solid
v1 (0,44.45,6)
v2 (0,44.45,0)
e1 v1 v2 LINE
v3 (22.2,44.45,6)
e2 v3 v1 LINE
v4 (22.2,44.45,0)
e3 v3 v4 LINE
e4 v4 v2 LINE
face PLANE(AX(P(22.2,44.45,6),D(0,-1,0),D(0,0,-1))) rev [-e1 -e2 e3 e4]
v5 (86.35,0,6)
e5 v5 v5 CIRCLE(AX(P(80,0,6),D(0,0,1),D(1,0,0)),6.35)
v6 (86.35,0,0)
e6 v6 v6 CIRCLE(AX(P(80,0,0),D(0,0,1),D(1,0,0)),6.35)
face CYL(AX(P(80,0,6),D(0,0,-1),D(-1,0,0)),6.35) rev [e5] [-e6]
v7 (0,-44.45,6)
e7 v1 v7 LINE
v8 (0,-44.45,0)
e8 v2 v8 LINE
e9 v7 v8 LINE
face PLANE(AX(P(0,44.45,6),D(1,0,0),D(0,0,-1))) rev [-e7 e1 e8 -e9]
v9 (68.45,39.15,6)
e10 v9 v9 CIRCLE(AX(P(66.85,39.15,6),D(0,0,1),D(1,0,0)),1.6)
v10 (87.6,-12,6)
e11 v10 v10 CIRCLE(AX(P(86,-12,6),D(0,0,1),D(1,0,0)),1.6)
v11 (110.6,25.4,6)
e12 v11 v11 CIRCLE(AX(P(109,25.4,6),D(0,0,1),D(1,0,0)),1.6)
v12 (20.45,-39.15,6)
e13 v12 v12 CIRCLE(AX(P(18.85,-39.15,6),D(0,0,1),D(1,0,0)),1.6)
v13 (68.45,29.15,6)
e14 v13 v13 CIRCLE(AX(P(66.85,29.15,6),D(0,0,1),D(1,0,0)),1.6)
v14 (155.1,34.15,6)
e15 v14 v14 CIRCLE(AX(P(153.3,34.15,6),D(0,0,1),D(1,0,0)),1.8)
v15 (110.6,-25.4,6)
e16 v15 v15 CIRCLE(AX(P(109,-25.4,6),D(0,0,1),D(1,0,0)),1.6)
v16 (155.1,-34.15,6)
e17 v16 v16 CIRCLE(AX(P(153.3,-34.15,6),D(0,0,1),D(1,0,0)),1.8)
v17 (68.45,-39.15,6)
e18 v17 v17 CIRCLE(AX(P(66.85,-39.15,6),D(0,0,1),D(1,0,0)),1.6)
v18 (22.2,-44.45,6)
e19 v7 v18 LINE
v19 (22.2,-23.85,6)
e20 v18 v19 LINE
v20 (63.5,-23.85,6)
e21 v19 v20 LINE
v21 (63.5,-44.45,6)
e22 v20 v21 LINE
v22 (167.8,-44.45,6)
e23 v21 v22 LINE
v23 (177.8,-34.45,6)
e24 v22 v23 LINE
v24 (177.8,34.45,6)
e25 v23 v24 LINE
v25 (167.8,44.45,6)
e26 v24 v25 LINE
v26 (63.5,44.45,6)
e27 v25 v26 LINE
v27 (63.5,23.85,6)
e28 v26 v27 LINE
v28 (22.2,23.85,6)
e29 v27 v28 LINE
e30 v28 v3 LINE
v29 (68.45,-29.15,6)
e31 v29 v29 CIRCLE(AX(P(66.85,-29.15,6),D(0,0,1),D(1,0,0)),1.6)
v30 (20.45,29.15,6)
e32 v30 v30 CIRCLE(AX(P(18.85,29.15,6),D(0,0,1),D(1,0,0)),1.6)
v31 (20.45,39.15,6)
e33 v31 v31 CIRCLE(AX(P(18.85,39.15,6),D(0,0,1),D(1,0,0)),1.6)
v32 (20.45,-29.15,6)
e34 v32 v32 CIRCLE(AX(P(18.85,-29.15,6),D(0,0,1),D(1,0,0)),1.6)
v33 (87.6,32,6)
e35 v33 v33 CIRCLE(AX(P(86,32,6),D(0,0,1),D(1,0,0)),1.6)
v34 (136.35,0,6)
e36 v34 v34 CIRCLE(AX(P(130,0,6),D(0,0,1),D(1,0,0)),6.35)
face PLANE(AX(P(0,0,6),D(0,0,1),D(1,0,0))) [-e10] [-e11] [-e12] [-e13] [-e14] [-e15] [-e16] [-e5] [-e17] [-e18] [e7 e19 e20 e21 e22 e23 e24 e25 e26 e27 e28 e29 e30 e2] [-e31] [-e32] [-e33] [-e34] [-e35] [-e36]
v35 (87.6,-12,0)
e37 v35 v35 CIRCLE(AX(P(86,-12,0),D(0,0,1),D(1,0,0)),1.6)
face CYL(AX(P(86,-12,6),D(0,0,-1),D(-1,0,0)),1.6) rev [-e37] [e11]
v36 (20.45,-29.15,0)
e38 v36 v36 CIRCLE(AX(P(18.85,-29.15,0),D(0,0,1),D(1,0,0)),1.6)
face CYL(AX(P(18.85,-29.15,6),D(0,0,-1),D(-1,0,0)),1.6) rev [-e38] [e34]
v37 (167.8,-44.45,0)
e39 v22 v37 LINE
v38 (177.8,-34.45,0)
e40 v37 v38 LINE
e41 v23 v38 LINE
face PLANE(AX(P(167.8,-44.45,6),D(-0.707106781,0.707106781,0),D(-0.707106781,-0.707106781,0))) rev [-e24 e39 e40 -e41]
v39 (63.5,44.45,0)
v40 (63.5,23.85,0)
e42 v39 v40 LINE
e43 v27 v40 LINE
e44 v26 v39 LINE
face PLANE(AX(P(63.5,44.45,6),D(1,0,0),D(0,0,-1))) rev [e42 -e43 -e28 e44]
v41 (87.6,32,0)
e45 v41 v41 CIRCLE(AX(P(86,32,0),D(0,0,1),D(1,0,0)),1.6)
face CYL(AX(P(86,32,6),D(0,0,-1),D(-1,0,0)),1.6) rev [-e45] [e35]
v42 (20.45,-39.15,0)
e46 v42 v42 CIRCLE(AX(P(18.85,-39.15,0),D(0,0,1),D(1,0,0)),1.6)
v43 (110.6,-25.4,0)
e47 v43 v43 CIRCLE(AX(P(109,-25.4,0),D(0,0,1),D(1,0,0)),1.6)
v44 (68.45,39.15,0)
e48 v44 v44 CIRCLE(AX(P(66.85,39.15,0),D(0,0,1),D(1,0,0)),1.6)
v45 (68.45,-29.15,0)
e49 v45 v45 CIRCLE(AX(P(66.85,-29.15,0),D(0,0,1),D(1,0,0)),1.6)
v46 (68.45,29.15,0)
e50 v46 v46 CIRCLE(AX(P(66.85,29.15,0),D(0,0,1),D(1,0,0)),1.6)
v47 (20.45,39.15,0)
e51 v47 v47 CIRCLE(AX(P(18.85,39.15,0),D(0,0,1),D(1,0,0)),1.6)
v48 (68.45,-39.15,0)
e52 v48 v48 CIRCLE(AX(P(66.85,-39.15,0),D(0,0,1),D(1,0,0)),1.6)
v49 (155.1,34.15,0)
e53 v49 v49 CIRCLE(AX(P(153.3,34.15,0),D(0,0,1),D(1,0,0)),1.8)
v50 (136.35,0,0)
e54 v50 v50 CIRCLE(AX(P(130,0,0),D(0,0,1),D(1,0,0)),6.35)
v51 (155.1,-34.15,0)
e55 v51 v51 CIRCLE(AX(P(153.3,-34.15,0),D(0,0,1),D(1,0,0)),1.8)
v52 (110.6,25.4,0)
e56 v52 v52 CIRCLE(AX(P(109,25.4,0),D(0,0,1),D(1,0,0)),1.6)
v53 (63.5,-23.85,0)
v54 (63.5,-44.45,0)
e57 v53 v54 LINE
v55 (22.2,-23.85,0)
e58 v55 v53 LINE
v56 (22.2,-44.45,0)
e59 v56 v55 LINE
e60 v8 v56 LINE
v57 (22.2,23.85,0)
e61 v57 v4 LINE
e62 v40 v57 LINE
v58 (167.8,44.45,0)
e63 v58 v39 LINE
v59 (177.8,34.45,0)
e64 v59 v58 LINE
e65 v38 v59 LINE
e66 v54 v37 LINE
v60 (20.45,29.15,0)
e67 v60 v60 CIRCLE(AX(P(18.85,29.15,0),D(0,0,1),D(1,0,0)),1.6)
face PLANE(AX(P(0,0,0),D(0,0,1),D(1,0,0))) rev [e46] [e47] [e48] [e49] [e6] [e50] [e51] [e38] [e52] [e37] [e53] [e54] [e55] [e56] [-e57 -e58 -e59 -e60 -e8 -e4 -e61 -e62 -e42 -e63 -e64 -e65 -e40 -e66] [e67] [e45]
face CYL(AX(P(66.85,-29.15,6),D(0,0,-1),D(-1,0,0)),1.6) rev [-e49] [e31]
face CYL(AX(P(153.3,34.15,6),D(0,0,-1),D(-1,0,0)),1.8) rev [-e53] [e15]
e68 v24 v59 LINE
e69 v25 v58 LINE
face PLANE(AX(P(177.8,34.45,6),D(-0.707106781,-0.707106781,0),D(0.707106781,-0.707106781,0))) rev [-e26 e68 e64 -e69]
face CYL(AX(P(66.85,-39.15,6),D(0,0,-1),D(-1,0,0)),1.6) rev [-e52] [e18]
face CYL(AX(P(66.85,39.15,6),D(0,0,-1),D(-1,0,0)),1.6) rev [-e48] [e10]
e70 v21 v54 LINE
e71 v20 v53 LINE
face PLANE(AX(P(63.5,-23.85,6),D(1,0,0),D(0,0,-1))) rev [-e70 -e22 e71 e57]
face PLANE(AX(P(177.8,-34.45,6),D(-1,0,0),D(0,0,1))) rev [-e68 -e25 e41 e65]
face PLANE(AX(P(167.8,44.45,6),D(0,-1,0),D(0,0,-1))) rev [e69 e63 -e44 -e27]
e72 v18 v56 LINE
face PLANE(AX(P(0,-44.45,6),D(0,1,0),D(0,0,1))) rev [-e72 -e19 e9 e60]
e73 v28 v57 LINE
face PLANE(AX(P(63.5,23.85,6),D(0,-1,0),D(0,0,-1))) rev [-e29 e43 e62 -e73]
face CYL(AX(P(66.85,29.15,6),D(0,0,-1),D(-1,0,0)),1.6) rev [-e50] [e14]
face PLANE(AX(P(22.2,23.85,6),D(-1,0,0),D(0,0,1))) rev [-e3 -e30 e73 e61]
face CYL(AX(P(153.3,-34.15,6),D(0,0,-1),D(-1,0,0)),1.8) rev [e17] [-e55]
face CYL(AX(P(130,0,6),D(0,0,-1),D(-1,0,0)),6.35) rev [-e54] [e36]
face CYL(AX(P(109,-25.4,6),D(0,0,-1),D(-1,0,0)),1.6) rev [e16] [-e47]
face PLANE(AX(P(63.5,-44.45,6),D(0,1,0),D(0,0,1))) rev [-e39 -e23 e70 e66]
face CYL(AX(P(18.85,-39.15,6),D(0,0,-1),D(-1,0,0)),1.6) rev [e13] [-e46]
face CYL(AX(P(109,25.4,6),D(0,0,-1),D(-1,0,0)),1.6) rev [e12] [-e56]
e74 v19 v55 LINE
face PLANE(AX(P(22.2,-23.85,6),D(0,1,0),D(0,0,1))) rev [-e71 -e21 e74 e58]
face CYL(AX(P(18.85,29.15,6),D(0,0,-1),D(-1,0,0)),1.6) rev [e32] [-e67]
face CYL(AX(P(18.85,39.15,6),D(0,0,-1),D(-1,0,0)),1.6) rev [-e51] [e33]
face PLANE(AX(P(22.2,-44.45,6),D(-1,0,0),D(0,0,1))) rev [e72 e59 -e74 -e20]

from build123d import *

# Parameters (mm, degrees)
SKETCH1_R           = 1.6
SKETCH1_R_2         = 1.8
SKETCH1_R_3         = 6.35
BOSS_EXTRUDE1_DEPTH = 6


with BuildPart() as part:
    # Sketch1 → Boss-Extrude1 (new body)
    with BuildSketch(Plane.XY):
        Polygon((0, -44.45), (22.2, -44.45), (22.2, -23.85), (63.5, -23.85), (63.5, -44.45), (167.8, -44.45), (177.8, -34.45), (177.8, 34.45), (167.8, 44.45), (63.5, 44.45), (63.5, 23.85), (22.2, 23.85), (22.2, 44.45), (0, 44.45), align=None)
        with Locations((18.85, 29.15)):
            Circle(SKETCH1_R, mode=Mode.SUBTRACT)
        with Locations((18.85, 39.15)):
            Circle(SKETCH1_R, mode=Mode.SUBTRACT)
        with Locations((66.85, 29.15)):
            Circle(SKETCH1_R, mode=Mode.SUBTRACT)
        with Locations((66.85, 39.15)):
            Circle(SKETCH1_R, mode=Mode.SUBTRACT)
        with Locations((153.3, 34.15)):
            Circle(SKETCH1_R_2, mode=Mode.SUBTRACT)
        with Locations((109, 25.4)):
            Circle(SKETCH1_R, mode=Mode.SUBTRACT)
        with Locations((18.85, -29.15)):
            Circle(SKETCH1_R, mode=Mode.SUBTRACT)
        with Locations((18.85, -39.15)):
            Circle(SKETCH1_R, mode=Mode.SUBTRACT)
        with Locations((66.85, -29.15)):
            Circle(SKETCH1_R, mode=Mode.SUBTRACT)
        with Locations((66.85, -39.15)):
            Circle(SKETCH1_R, mode=Mode.SUBTRACT)
        with Locations((153.3, -34.15)):
            Circle(SKETCH1_R_2, mode=Mode.SUBTRACT)
        with Locations((109, -25.4)):
            Circle(SKETCH1_R, mode=Mode.SUBTRACT)
        with Locations((86, -12)):
            Circle(SKETCH1_R, mode=Mode.SUBTRACT)
        with Locations((86, 32)):
            Circle(SKETCH1_R, mode=Mode.SUBTRACT)
        with Locations((80, 0)):
            Circle(SKETCH1_R_3, mode=Mode.SUBTRACT)
        with Locations((130, 0)):
            Circle(SKETCH1_R_3, mode=Mode.SUBTRACT)
    extrude(amount=BOSS_EXTRUDE1_DEPTH)


solid = part.part
